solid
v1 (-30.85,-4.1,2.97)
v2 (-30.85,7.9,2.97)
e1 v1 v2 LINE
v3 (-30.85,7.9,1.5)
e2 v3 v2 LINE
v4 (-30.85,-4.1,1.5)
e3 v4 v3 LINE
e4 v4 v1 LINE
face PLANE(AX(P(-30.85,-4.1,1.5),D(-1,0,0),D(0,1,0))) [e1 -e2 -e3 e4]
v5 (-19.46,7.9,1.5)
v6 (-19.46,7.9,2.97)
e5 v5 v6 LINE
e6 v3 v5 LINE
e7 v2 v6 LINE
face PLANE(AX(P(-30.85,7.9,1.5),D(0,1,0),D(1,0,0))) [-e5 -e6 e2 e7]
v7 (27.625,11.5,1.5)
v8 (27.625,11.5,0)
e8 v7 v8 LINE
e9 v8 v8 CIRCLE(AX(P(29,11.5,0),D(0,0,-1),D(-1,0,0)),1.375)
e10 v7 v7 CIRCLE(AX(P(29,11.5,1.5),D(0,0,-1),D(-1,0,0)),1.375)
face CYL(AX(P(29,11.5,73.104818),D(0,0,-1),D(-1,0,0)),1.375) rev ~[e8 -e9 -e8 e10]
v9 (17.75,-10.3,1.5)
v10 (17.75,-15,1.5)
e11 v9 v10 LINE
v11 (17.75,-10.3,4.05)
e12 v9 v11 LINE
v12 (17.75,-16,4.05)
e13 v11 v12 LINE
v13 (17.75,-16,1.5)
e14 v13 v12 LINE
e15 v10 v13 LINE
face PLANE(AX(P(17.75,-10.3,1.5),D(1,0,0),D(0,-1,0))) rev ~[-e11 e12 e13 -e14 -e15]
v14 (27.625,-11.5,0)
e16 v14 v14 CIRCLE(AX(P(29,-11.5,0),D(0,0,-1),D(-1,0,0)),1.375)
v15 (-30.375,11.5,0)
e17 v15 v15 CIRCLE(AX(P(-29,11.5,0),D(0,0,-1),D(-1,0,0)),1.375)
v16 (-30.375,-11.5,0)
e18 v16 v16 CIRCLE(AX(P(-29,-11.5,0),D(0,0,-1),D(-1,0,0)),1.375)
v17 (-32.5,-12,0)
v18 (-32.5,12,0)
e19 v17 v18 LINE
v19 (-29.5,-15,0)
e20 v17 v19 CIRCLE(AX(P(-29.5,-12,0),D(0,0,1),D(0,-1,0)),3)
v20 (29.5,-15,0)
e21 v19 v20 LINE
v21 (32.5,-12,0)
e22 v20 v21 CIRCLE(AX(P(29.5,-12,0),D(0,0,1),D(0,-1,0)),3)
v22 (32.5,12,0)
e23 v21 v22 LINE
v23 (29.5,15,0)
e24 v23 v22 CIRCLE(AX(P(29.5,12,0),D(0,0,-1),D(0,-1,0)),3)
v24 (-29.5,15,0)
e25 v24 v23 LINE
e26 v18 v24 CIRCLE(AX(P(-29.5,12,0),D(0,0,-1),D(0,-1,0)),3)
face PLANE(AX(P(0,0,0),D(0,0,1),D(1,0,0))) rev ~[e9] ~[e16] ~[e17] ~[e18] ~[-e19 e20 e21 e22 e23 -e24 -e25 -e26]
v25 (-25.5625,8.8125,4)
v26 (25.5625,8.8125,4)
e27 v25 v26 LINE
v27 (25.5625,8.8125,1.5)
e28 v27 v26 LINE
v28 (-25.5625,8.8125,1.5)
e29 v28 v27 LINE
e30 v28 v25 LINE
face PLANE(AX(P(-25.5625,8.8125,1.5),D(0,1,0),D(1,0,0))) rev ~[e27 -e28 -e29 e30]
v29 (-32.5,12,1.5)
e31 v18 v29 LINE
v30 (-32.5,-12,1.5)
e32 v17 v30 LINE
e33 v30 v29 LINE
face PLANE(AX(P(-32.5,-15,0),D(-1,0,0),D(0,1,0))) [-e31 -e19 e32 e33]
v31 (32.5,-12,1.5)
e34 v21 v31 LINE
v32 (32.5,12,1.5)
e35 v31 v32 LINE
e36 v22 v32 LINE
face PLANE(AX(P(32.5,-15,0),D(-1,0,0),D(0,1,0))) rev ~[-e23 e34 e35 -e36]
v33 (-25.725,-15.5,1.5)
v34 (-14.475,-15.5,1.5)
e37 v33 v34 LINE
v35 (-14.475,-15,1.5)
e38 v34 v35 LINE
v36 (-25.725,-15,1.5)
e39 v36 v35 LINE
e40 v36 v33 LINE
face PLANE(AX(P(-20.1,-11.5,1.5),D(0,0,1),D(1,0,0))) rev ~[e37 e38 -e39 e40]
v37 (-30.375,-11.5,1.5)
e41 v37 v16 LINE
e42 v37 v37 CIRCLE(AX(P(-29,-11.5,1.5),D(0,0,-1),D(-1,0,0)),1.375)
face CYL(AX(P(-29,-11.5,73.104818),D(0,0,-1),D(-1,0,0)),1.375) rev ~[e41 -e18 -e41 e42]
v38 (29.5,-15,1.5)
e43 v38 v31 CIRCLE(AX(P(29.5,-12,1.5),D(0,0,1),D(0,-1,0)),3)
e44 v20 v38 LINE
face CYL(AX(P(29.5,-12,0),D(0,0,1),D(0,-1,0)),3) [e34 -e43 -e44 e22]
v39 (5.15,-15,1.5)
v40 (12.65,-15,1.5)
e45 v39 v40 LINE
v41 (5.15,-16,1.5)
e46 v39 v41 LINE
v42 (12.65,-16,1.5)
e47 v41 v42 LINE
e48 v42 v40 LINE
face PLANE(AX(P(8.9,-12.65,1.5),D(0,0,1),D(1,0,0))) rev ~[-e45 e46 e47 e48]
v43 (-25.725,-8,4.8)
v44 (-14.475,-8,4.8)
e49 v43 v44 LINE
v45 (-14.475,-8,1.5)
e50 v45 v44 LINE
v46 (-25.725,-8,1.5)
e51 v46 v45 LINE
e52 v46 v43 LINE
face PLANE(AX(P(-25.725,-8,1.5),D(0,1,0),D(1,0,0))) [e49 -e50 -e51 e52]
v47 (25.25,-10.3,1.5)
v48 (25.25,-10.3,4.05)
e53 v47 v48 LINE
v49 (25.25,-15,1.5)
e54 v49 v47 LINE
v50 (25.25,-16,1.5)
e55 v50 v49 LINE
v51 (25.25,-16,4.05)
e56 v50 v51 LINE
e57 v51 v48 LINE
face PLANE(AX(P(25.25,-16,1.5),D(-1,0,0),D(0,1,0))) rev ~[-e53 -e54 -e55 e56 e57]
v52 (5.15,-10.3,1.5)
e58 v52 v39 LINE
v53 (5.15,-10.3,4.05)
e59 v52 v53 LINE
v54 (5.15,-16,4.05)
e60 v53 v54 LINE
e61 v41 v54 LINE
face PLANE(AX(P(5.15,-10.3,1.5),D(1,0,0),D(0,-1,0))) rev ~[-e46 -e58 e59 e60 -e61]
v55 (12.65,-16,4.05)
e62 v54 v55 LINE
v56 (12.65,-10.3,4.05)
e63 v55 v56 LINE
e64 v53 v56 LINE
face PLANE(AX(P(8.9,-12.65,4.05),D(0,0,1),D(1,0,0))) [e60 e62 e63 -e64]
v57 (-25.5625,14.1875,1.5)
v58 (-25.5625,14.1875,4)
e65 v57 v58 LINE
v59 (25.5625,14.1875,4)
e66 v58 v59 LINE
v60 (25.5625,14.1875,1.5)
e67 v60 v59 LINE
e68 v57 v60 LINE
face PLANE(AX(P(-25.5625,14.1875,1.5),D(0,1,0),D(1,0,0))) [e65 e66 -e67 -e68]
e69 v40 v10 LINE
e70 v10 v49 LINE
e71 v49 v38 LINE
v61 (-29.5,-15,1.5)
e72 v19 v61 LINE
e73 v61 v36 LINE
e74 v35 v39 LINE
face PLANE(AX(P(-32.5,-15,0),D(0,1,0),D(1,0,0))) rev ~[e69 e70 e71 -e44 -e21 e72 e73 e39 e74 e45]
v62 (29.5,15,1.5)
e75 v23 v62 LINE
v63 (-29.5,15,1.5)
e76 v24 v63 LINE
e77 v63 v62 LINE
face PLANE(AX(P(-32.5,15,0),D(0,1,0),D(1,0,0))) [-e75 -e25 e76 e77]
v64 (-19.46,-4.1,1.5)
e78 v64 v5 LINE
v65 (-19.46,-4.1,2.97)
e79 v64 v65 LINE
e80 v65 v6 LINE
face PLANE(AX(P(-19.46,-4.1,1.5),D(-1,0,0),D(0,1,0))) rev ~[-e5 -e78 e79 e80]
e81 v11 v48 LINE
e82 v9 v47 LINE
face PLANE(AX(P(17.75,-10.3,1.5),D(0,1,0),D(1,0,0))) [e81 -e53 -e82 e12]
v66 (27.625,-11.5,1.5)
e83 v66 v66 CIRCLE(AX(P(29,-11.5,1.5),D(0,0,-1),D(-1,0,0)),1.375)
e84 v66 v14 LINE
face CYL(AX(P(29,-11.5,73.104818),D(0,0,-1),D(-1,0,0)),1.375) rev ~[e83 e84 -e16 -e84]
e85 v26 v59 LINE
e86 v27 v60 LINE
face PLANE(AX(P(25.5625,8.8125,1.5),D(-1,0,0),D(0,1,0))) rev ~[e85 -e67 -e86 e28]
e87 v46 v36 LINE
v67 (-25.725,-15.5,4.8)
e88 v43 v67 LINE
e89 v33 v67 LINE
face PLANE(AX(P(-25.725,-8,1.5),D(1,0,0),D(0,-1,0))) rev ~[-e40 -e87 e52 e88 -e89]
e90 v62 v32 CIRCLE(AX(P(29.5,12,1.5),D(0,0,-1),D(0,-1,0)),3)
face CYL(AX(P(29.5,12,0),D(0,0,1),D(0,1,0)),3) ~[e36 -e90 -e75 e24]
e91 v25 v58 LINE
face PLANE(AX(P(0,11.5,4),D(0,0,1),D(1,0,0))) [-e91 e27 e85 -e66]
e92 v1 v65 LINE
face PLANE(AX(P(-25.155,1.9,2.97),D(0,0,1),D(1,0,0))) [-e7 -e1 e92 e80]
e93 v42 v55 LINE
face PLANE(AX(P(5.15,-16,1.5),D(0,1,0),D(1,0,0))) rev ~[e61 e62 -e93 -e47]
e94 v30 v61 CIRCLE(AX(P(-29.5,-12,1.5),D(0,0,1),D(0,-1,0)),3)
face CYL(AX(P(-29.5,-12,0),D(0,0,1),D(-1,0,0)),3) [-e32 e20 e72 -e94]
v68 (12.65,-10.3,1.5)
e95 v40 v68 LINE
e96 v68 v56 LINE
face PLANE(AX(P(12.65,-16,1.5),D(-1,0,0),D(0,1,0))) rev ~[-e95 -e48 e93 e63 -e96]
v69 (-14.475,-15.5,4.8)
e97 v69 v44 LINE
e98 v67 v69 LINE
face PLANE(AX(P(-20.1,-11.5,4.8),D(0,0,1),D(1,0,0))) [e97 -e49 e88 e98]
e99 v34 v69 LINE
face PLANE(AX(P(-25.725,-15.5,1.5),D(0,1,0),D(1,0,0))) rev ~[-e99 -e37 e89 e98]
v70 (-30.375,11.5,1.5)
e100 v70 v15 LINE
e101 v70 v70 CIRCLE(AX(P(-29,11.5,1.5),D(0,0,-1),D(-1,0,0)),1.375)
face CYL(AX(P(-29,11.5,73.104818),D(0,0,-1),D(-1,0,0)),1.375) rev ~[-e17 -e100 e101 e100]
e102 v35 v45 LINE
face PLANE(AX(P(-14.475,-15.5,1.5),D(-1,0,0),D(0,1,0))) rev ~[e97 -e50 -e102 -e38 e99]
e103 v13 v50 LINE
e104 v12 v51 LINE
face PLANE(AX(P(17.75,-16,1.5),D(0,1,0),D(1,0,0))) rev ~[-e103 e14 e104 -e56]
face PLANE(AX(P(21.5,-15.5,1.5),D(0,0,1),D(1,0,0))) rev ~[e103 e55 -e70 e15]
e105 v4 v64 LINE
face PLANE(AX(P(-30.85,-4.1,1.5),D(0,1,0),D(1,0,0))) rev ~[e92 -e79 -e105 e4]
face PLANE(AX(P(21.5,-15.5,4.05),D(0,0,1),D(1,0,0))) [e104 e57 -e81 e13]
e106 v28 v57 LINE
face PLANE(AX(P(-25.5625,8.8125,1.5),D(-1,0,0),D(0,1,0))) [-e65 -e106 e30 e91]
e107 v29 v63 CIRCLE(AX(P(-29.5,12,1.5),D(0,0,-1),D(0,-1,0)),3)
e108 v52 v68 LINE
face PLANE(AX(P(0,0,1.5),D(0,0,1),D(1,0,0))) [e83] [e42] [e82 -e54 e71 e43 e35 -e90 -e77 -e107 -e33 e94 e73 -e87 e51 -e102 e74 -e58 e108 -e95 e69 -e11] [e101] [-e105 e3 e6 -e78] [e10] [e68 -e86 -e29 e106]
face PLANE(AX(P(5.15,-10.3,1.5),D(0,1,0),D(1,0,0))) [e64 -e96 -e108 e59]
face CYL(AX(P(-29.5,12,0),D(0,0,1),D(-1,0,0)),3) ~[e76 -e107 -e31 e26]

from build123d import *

# Parameters (mm, degrees)
F0_W     = 65
F0_H     = 30
F1_DEPTH = 1.5
F3_D     = 2.75
F4_R     = 3
F5_W     = 7.5
F5_H     = 4.7
F5_H_2   = 1
F6_DEPTH = 2.55
F5_W_2   = 11.25
F5_H_3   = 7
F5_H_4   = 0.5
F7_DEPTH = 3.3
F5_W_3   = 11.39
F5_H_5   = 12
F8_DEPTH = 1.47
F5_W_4   = 51.125
F5_H_6   = 5.375
F9_DEPTH = 2.5


with BuildPart() as f1:
    # F0 (on Top) → F1 (new body)
    with BuildSketch(Plane.XY):
        Rectangle(F0_W, F0_H)
    extrude(amount=F1_DEPTH)

    # F3 (through all)
    with Locations(Plane.XY.offset(1.5)):
        with Locations((-29, 11.5), (-29, -11.5), (29, -11.5), (29, 11.5)):
            Hole(F3_D / 2)

    # F4
    f4_edges = [f1.edges().sort_by_distance(p)[0] for p in [
        (-32.5, -15, 0.75),
        (-32.5, 15, 0.75),
        (32.5, -15, 0.75),
        (32.5, 15, 0.75),
    ]]
    fillet(f4_edges, radius=F4_R)

    # F5 (on face) → F6 (join)
    with BuildSketch(Plane.XY.offset(1.5)):
        with Locations((8.9, -12.65)):
            Rectangle(F5_W, F5_H)
        with Locations((8.9, -15.5)):
            Rectangle(F5_W, F5_H_2)
        with Locations((21.5, -15.5)):
            Rectangle(F5_W, F5_H_2)
        with Locations((21.5, -12.65)):
            Rectangle(F5_W, F5_H)
    extrude(amount=F6_DEPTH)

    # F5 (on face) → F7 (join)
    with BuildSketch(Plane.XY.offset(1.5)):
        with Locations((-20.1, -11.5)):
            Rectangle(F5_W_2, F5_H_3)
        with Locations((-20.1, -15.25)):
            Rectangle(F5_W_2, F5_H_4)
    extrude(amount=F7_DEPTH)

    # F5 (on face) → F8 (join)
    with BuildSketch(Plane.XY.offset(1.5)):
        with Locations((-25.155, 1.9)):
            Rectangle(F5_W_3, F5_H_5)
    extrude(amount=F8_DEPTH)

    # F5 (on face) → F9 (join)
    with BuildSketch(Plane.XY.offset(1.5)):
        with Locations((0, 11.5)):
            Rectangle(F5_W_4, F5_H_6)
    extrude(amount=F9_DEPTH)


solid = f1.part
